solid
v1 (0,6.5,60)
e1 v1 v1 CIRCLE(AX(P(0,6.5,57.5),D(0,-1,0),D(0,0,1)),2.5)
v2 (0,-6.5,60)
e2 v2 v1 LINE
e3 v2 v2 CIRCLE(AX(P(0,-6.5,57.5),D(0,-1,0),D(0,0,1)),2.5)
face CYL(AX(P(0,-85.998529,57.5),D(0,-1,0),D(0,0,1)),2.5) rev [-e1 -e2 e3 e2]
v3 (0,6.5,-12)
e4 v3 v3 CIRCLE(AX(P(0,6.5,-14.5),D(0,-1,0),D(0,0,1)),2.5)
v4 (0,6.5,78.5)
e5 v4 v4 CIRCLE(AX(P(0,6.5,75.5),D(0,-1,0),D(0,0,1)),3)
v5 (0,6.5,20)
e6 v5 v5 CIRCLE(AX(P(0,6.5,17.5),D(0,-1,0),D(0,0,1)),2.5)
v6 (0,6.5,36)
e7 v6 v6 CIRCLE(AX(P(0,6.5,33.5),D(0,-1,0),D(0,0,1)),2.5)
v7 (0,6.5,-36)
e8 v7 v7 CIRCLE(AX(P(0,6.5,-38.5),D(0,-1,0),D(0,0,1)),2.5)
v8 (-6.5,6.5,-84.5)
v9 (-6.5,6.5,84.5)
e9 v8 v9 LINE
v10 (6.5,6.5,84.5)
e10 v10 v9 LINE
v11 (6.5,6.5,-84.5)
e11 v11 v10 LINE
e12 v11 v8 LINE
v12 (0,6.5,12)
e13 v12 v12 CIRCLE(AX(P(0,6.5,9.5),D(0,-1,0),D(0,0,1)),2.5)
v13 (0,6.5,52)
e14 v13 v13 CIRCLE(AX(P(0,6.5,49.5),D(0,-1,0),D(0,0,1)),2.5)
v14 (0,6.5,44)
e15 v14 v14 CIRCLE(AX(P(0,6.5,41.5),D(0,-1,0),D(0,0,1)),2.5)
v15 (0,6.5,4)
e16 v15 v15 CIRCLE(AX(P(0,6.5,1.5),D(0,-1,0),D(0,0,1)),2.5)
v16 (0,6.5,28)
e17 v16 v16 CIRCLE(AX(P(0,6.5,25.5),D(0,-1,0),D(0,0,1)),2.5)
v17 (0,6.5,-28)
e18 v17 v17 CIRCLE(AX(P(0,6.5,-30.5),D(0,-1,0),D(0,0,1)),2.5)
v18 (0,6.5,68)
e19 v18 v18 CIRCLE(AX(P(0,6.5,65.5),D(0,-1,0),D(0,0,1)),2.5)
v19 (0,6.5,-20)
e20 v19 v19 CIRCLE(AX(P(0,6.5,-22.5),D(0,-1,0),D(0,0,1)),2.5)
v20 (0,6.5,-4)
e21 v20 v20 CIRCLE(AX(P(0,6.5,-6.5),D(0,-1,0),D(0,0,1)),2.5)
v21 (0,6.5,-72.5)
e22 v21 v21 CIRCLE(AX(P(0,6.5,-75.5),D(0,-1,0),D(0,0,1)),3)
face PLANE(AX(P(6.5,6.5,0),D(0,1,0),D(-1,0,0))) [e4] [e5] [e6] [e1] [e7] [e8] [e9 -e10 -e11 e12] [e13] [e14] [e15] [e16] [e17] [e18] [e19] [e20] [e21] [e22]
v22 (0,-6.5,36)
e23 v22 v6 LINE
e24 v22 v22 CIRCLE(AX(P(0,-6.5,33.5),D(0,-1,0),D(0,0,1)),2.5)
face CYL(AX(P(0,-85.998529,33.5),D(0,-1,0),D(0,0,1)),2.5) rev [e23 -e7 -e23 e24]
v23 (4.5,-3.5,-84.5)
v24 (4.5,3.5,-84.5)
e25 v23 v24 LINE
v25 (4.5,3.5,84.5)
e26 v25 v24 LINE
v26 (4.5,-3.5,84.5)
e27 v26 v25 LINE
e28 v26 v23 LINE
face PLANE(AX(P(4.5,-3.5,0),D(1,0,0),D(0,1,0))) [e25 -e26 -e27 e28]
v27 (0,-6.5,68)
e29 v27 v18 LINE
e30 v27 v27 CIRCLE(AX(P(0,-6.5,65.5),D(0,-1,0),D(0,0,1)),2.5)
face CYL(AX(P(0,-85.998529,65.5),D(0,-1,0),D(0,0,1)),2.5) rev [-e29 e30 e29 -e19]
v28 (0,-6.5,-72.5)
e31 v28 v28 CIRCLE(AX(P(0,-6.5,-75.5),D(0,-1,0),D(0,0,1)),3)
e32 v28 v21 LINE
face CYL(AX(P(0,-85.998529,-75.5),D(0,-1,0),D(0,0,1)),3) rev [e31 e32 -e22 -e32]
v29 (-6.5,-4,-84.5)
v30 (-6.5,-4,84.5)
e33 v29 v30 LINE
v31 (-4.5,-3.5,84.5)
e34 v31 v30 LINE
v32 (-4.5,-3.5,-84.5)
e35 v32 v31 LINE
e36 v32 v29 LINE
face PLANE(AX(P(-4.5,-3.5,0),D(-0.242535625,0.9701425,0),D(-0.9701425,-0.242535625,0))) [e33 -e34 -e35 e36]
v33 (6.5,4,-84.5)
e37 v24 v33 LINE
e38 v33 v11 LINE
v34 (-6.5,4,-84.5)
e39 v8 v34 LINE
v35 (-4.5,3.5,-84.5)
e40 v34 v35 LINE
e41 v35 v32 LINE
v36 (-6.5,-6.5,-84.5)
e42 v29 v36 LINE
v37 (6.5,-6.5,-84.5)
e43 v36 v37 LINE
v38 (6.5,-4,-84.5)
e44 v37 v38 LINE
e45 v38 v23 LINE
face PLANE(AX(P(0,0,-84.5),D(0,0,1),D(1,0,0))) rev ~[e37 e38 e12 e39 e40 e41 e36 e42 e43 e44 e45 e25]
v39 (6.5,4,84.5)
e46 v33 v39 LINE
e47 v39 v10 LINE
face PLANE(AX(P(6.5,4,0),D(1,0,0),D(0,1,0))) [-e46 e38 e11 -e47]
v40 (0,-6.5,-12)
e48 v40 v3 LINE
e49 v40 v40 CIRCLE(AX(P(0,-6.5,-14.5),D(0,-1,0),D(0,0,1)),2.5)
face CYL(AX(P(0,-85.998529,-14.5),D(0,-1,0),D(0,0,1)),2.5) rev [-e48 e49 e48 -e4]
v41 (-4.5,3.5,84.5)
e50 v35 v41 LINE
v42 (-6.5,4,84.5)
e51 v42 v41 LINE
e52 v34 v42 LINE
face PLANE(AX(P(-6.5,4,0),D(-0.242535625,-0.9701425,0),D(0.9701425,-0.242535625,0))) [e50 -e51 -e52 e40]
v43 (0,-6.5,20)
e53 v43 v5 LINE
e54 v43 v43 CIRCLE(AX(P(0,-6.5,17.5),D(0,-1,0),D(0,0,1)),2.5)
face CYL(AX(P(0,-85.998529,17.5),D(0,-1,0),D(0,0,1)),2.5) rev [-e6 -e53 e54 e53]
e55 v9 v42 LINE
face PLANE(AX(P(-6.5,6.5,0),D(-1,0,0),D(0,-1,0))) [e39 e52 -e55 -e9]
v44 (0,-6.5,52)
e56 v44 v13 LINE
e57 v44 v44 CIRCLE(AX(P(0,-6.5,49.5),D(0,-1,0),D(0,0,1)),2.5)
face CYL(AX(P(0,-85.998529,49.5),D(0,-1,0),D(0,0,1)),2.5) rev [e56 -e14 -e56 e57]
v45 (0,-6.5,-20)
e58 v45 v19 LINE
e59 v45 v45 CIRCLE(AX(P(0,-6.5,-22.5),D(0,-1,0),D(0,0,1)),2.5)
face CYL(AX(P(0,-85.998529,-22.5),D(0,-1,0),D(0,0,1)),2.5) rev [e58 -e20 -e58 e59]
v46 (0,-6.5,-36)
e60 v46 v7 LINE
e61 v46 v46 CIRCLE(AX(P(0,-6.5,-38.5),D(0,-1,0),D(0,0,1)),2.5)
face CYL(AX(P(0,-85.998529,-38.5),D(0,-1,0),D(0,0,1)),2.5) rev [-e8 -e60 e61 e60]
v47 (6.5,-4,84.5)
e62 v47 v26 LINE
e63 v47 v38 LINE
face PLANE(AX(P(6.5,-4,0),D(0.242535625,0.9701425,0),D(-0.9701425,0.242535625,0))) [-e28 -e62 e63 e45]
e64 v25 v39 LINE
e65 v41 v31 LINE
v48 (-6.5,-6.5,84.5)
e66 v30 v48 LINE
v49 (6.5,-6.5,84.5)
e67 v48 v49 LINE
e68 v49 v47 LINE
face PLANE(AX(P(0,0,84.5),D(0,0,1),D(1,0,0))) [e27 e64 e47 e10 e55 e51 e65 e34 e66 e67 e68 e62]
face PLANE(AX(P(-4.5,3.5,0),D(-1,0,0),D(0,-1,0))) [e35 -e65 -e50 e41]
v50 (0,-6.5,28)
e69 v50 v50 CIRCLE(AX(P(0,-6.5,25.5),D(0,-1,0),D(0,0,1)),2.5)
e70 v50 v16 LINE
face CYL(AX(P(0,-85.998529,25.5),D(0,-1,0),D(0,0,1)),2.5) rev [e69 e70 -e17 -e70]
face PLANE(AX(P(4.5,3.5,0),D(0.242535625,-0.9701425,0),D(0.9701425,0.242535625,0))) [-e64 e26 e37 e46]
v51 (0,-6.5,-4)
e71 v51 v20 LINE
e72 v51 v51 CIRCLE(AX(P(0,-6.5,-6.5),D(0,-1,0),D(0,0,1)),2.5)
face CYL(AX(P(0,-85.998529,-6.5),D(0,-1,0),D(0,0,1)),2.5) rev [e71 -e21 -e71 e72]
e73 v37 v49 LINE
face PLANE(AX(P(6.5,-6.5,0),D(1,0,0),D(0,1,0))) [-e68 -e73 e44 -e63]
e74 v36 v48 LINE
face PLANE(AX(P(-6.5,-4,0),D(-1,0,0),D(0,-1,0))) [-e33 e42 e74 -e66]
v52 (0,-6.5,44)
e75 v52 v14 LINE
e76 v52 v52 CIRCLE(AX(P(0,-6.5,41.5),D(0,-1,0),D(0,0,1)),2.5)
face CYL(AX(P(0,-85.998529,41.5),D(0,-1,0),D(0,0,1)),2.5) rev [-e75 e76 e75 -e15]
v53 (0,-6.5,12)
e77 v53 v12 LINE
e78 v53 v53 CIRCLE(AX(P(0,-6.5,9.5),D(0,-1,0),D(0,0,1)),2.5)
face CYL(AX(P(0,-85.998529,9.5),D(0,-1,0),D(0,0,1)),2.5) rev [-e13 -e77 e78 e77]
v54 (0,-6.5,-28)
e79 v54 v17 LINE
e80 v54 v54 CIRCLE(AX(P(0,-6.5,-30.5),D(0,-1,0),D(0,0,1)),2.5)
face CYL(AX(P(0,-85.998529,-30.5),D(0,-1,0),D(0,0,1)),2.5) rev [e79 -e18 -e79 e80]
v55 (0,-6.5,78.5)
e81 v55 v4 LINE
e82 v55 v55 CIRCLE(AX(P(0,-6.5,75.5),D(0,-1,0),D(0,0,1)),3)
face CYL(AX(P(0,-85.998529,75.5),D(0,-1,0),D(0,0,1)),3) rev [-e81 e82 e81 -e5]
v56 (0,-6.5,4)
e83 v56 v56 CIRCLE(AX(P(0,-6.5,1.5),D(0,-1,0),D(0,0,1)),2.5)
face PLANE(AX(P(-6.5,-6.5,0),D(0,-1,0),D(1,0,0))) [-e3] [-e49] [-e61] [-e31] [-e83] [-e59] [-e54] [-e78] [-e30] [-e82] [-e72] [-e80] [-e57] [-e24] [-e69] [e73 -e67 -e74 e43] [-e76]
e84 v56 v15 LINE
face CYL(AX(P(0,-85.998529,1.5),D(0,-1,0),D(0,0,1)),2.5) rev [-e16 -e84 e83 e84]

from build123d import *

# Parameters (mm, degrees)
BOSS_EXTRUDE1_DEPTH     = 84.5
CUT_EXTRUDE1_DEPTH      = 85.998529399
CUT_EXTRUDE1_DEPTH_BACK = 85.998529399
SKETCH2_R               = 3
SKETCH2_R_2             = 2.5


with BuildPart() as part:
    # Sketch1 → Boss-Extrude1 (new, symmetric)
    with BuildSketch(Plane.XY):
        Polygon((4.5, 3.5), (6.5, 4), (6.5, 6.5), (-6.5, 6.5), (-6.5, 4), (-4.5, 3.5), (-4.5, -3.5), (-6.5, -4), (-6.5, -6.5), (6.5, -6.5), (6.5, -4), (4.5, -3.5), align=None)
    extrude(amount=BOSS_EXTRUDE1_DEPTH, both=True)

    # Sketch2 → Cut-Extrude1 (cut, two sides: drawn at the far end of the back side and taken through both)
    with BuildSketch(Plane(origin=(0, 0, 0), x_dir=(1, 0, 0), z_dir=(0, 1, 0)).offset(-CUT_EXTRUDE1_DEPTH_BACK)):
        with Locations(Location((0, 75.5, 0), (0, 0, 270))):
            Circle(SKETCH2_R)
        with Locations(Location((0, -75.5, 0), (0, 0, 270))):
            Circle(SKETCH2_R)
        with Locations(Location((0, -65.5, 0), (0, 0, 270))):
            Circle(SKETCH2_R_2)
        with Locations(Location((0, -57.5, 0), (0, 0, 270))):
            Circle(SKETCH2_R_2)
        with Locations(Location((0, -49.5, 0), (0, 0, 270))):
            Circle(SKETCH2_R_2)
        with Locations(Location((0, -41.5, 0), (0, 0, 270))):
            Circle(SKETCH2_R_2)
        with Locations(Location((0, -33.5, 0), (0, 0, 270))):
            Circle(SKETCH2_R_2)
        with Locations(Location((0, -25.5, 0), (0, 0, 270))):
            Circle(SKETCH2_R_2)
        with Locations(Location((0, -17.5, 0), (0, 0, 270))):
            Circle(SKETCH2_R_2)
        with Locations(Location((0, -9.5, 0), (0, 0, 270))):
            Circle(SKETCH2_R_2)
        with Locations(Location((0, -1.5, 0), (0, 0, 270))):
            Circle(SKETCH2_R_2)
        with Locations(Location((0, 6.5, 0), (0, 0, 270))):
            Circle(SKETCH2_R_2)
        with Locations(Location((0, 14.5, 0), (0, 0, 270))):
            Circle(SKETCH2_R_2)
        with Locations(Location((0, 22.5, 0), (0, 0, 270))):
            Circle(SKETCH2_R_2)
        with Locations(Location((0, 30.5, 0), (0, 0, 270))):
            Circle(SKETCH2_R_2)
        with Locations(Location((0, 38.5, 0), (0, 0, 270))):
            Circle(SKETCH2_R_2)
    extrude(amount=CUT_EXTRUDE1_DEPTH + CUT_EXTRUDE1_DEPTH_BACK, mode=Mode.SUBTRACT)


solid = part.part
